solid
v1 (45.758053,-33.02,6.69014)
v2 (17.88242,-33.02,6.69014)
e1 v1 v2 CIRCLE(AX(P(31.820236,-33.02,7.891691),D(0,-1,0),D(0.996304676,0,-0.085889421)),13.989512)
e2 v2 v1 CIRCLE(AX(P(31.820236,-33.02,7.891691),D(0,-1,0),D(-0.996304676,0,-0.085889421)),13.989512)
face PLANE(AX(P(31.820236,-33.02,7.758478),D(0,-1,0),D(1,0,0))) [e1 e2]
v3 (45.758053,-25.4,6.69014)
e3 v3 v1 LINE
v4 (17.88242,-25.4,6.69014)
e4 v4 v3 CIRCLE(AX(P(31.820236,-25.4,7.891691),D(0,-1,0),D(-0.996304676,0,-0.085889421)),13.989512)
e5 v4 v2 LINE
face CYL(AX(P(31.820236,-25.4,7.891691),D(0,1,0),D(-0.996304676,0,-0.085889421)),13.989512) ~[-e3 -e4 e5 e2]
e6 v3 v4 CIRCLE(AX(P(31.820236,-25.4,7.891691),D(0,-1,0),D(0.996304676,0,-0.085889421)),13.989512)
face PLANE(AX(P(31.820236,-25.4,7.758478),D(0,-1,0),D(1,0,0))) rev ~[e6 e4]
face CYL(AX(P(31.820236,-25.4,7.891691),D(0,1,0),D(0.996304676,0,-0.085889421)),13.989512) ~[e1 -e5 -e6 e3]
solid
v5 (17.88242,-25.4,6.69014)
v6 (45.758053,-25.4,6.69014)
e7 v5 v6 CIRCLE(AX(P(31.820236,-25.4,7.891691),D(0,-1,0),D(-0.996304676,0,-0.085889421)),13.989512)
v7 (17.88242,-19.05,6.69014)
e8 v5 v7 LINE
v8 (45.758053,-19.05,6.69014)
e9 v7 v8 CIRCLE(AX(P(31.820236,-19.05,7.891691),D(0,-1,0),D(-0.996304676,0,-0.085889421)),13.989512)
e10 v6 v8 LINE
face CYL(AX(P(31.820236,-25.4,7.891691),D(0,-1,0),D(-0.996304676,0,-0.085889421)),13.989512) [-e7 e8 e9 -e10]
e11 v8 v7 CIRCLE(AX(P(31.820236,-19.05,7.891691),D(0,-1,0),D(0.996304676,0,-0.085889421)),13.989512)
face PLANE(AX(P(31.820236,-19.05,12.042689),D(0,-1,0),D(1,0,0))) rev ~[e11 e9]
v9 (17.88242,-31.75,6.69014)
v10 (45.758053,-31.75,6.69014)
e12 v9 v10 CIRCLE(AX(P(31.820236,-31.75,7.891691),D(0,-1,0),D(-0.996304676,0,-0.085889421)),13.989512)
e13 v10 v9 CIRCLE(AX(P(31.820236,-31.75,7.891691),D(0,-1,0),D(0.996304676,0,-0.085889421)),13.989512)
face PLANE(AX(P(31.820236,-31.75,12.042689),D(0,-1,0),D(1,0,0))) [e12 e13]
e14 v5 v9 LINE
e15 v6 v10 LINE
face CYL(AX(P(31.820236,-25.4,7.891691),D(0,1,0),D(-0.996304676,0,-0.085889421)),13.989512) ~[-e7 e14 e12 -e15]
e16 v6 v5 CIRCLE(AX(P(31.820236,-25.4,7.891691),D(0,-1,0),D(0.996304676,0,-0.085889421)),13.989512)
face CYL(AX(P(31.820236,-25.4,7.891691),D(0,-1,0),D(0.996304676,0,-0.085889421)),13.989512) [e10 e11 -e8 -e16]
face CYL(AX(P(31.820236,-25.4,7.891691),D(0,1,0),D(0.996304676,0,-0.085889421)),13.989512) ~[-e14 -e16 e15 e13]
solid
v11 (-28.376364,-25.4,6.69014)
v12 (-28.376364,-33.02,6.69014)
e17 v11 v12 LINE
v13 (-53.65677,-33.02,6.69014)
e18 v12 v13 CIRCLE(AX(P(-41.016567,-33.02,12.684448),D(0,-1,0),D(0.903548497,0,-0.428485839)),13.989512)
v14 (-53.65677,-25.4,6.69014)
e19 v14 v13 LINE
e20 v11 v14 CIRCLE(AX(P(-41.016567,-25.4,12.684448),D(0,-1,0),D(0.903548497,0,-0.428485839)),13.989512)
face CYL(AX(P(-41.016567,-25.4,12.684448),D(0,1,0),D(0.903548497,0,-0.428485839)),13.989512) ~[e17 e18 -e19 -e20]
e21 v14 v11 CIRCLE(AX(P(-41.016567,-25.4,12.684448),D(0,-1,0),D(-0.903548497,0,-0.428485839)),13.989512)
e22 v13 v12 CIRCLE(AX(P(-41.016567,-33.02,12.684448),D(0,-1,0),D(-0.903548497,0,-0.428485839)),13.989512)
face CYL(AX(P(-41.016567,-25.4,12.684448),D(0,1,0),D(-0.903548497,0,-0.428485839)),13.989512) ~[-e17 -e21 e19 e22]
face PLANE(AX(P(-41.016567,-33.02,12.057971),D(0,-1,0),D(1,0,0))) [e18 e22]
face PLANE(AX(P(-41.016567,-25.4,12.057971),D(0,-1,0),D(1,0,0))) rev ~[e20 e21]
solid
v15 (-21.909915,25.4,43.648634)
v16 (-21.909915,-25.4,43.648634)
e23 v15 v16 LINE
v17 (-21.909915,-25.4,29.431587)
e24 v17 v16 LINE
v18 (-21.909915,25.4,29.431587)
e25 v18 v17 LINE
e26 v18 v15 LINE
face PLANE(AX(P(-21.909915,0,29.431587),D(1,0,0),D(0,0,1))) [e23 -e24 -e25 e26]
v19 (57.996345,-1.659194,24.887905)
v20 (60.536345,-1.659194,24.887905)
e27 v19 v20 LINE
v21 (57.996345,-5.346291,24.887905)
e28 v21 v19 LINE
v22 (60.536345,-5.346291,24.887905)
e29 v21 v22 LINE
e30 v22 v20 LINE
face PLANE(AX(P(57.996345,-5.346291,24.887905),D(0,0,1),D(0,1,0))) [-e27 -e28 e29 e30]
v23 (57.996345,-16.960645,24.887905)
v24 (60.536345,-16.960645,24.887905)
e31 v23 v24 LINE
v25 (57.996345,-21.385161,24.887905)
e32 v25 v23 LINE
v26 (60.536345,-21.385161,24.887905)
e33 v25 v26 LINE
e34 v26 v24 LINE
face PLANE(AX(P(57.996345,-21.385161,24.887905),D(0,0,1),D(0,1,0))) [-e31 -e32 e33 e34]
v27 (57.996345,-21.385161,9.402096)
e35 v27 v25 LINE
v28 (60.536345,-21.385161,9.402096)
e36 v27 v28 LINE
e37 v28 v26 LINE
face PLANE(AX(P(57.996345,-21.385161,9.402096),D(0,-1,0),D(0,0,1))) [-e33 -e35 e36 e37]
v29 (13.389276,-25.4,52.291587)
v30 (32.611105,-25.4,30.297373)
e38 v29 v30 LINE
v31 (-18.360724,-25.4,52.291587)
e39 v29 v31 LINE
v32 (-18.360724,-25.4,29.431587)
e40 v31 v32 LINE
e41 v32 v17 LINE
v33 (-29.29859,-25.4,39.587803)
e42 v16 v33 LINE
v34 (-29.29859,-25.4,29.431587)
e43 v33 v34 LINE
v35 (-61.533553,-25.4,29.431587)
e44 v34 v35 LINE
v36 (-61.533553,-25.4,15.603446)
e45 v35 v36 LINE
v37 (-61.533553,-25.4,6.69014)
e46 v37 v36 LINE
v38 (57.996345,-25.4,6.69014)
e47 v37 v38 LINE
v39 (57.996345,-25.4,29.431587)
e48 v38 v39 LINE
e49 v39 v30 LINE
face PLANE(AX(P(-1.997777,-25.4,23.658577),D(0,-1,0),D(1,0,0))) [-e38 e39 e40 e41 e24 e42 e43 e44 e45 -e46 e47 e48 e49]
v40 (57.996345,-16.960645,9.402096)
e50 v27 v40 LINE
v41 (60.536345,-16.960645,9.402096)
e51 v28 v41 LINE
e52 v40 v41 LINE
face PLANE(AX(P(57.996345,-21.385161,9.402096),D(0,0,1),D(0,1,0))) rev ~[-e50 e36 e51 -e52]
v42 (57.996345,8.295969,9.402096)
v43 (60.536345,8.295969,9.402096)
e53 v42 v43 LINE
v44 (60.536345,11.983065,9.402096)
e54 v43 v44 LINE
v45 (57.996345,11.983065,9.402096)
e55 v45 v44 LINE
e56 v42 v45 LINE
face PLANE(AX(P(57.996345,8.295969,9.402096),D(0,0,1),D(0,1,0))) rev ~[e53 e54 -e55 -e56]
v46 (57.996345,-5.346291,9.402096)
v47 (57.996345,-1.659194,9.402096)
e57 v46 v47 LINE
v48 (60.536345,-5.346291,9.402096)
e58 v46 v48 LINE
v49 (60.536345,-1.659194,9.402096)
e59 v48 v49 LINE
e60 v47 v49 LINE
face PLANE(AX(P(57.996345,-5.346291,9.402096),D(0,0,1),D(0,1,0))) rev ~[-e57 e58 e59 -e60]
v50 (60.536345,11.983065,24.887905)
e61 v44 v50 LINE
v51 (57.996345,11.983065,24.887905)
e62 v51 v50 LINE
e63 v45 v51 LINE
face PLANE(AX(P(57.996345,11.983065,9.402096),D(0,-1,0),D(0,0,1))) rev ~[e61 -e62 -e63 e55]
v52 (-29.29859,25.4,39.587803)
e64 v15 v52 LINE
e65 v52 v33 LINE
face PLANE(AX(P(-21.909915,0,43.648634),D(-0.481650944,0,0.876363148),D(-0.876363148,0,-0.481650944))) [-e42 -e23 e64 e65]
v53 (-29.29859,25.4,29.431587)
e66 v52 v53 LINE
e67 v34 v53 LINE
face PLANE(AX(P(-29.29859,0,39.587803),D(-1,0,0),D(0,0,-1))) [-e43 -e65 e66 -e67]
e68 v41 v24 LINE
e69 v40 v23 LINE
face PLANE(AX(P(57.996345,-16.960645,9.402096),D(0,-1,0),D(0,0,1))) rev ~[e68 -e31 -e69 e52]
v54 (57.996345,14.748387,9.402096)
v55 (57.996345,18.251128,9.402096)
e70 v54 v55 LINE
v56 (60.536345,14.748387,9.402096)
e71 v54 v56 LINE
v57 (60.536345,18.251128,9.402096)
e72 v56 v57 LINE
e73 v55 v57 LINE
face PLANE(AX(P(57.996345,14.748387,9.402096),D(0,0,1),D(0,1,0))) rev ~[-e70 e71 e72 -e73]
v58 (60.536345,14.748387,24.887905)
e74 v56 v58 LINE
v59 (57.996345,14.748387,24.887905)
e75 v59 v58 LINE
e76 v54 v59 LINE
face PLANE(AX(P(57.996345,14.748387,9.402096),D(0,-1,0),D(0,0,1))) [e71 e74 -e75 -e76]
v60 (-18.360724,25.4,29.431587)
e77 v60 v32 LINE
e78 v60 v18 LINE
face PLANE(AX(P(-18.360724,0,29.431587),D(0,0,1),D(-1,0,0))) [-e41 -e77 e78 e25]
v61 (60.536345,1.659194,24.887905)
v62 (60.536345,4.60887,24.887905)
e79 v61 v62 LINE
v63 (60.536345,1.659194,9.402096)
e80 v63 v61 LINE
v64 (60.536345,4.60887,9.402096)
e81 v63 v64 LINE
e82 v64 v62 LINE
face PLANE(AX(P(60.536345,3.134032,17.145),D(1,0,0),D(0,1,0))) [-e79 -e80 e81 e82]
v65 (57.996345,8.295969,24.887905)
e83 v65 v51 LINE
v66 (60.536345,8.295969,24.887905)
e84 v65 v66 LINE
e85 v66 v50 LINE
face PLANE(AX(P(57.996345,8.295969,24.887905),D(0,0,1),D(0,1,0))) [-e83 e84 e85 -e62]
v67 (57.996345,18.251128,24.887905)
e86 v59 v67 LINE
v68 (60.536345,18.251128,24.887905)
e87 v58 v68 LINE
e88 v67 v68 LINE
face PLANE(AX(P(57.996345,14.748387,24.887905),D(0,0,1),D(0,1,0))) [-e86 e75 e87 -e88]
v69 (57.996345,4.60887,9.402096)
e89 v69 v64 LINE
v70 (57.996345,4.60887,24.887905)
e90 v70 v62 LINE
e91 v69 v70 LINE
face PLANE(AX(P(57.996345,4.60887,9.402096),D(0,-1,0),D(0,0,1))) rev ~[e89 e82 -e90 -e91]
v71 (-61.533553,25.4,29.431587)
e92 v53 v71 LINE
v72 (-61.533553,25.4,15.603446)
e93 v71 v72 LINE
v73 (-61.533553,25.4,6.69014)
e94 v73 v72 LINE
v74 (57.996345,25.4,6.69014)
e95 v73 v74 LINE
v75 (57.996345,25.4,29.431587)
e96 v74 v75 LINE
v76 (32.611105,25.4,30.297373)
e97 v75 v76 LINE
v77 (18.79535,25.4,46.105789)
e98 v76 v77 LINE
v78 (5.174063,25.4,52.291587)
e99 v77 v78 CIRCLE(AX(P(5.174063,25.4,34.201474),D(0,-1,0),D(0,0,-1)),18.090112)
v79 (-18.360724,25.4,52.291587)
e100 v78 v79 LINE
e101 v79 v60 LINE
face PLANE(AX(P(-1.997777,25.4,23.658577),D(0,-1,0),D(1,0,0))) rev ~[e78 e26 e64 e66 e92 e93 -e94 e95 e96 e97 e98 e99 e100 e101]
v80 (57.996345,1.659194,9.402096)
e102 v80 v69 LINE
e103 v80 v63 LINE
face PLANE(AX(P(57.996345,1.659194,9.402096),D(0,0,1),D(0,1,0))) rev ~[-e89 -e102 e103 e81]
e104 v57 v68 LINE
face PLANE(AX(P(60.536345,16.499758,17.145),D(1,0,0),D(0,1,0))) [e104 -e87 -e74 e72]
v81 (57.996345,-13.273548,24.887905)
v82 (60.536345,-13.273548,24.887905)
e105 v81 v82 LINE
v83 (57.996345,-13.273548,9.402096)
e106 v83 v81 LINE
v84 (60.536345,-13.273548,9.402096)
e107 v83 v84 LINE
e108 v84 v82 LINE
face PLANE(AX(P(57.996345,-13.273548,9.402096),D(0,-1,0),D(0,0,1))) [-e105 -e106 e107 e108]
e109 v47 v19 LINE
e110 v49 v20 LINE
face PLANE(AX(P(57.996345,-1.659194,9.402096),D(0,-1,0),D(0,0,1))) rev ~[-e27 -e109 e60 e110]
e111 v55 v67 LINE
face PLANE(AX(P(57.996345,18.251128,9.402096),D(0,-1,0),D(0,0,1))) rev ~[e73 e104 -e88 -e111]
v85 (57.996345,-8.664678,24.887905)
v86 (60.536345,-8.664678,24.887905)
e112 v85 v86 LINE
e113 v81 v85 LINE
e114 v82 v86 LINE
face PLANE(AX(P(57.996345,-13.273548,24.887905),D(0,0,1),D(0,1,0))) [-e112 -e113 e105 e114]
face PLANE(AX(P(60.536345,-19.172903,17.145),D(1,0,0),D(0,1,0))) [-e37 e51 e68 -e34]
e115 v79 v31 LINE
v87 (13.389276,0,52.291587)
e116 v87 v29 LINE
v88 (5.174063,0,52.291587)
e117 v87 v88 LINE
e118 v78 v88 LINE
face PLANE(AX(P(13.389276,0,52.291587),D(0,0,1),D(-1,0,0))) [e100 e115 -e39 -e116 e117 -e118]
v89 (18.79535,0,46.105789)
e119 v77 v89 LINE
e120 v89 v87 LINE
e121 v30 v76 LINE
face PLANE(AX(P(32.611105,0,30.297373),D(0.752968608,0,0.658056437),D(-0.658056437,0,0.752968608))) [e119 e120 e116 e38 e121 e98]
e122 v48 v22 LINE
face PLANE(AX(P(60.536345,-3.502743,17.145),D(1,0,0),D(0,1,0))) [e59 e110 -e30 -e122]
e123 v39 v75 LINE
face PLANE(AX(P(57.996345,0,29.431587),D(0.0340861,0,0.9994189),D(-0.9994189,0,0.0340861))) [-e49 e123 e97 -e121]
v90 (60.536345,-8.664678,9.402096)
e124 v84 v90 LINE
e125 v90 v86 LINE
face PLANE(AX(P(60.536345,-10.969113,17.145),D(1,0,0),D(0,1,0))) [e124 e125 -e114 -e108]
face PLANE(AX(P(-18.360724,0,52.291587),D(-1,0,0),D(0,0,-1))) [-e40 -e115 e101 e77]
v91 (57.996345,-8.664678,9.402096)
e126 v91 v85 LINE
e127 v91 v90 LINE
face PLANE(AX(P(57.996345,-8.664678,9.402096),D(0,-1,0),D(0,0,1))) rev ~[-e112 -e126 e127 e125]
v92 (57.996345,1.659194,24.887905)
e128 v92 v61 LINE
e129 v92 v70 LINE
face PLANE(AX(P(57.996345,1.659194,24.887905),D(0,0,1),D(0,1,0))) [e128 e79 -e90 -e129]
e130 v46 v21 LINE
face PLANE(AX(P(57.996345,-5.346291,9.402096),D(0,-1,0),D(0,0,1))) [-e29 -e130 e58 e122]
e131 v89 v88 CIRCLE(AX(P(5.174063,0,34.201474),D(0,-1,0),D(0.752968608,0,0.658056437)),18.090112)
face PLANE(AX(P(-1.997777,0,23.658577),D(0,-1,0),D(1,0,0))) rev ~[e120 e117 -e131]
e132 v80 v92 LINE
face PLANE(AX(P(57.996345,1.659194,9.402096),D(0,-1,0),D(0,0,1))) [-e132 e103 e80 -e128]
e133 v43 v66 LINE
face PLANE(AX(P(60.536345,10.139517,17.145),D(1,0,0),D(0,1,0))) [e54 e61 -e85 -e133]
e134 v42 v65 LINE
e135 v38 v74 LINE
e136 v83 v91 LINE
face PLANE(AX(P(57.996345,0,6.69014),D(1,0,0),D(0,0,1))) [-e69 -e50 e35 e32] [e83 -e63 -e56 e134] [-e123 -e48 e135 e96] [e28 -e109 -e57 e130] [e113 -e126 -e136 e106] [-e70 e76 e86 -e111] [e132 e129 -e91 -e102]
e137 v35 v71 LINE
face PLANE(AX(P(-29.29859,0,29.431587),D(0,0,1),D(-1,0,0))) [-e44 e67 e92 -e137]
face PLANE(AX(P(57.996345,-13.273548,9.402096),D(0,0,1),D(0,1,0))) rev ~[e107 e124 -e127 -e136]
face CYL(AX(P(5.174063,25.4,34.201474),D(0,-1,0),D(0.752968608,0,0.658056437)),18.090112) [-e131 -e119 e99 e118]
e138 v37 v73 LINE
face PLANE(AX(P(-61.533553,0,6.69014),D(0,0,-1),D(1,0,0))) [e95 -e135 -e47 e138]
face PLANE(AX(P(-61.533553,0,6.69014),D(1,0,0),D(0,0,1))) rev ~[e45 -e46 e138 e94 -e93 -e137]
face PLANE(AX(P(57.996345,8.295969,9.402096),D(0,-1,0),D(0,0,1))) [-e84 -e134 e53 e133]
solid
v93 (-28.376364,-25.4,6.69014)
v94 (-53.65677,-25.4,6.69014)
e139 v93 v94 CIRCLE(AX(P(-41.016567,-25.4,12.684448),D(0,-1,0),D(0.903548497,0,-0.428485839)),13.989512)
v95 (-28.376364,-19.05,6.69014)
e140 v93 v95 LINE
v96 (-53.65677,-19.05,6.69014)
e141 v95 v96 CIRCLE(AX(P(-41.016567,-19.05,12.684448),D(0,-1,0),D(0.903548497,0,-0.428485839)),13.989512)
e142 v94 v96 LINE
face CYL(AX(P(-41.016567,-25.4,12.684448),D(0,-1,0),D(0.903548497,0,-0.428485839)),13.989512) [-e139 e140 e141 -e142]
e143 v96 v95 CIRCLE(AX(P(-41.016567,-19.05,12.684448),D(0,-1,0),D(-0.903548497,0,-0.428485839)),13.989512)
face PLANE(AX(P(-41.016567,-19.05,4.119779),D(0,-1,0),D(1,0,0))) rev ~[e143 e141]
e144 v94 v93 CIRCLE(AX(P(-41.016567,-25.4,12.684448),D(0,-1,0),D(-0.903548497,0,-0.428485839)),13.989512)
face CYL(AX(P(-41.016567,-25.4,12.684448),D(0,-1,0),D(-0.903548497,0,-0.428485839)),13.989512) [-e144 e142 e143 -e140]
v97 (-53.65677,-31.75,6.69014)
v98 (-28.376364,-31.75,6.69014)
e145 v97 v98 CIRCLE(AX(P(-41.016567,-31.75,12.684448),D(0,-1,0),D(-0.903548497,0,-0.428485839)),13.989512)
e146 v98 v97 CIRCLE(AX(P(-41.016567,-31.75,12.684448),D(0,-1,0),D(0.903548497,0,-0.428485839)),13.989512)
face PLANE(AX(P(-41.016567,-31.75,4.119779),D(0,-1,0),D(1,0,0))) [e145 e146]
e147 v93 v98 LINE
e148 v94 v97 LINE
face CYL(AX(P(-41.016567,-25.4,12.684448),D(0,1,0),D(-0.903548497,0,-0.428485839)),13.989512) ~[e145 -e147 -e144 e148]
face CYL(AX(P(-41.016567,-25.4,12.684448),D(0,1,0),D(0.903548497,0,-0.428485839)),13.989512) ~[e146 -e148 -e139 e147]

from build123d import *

# Parameters (mm, degrees)
F0_W      = 6.5593134881
F0_H      = 8.9133062686
F1_DEPTH  = 25.4
F3_DEPTH  = 6.35
F4_R      = 18.0901122542
F5_W      = 4.4245161116
F5_H      = 15.4858082533
F5_W_2    = 4.6088704839
F5_W_3    = 3.6870974582
F5_W_4    = 2.9496757779
F5_W_5    = 3.6870958284
F5_W_6    = 3.502741456
F6_DEPTH  = 2.54
F7_DEPTH  = 25.4
F9_DEPTH  = 6.35
F10_DEPTH = 7.62


with BuildPart() as f1:
    # F0 (on Front) → F1 (new body, symmetric)
    with BuildSketch(Plane.XZ):
        Polygon((-54.9742393196, 6.6901401331), (-43.815, 6.6901401331), (-22.225, 6.6901401331), (22.225, 6.6901401331), (43.815, 6.6901401331), (57.996344903, 6.6901401331), (57.996344903, 21.7543058097), (57.996344903, 29.4315865307), (32.6111048418, 30.2973734773), (13.3892763085, 52.2915865307), (-18.3607236915, 52.2915865307), (-18.3607236915, 29.4315865307), (-21.9099149108, 29.4315865307), (-29.2985904962, 29.4315865307), (-61.5335528077, 29.4315865307), (-61.5335528077, 15.6034464017), (-54.9742393196, 15.6034464017), align=None)
        with Locations((-58.2538960636, 11.1467932674)):
            Rectangle(F0_W, F0_H)
        Polygon((-29.2985904962, 39.587803185), (-29.2985904962, 29.4315865307), (-21.9099149108, 29.4315865307), (-21.9099149108, 43.6486341059), align=None)
    extrude(amount=F1_DEPTH, both=True)

    # F2 (on face) → F3 (cut)
    with BuildSketch(Plane.XZ.offset(25.4)):
        Polygon((12.8608942032, 49.0364283323), (-14.8549089208, 49.0364283323), (-14.8549089208, 30.4625499994), (27.4568814784, 30.4625499994), align=None)
    extrude(amount=-F3_DEPTH, mode=Mode.SUBTRACT)

    # F4
    f4_edges = [f1.edges().sort_by_distance(p)[0] for p in [
        (13.389276, 0, 52.291587),
    ]]
    fillet(f4_edges, radius=F4_R)

    # F5 (on face) → F6 (join)
    with BuildSketch(Plane.YZ.offset(57.996344903)):
        with Locations((-19.1729031503, 17.1450003982)):
            Rectangle(F5_W, F5_H)
        with Locations((-10.9691130929, 17.1450003982)):
            Rectangle(F5_W_2, F5_H)
        with Locations((-3.5027425038, 17.1450003982)):
            Rectangle(F5_W_3, F5_H)
        with Locations((3.1340321293, 17.1450003982)):
            Rectangle(F5_W_4, F5_H)
        with Locations((10.1395170204, 17.1450003982)):
            Rectangle(F5_W_5, F5_H)
        with Locations((16.4997577667, 17.1450003982)):
            Rectangle(F5_W_6, F5_H)
    extrude(amount=F6_DEPTH)

    # F0 (on Front) → F7 (join)
    with BuildSketch(Plane.XZ):
        Polygon((-54.9742393196, 6.6901401331), (-43.815, 6.6901401331), (-22.225, 6.6901401331), (22.225, 6.6901401331), (43.815, 6.6901401331), (57.996344903, 6.6901401331), (57.996344903, 21.7543058097), (57.996344903, 29.4315865307), (32.6111048418, 30.2973734773), (13.3892763085, 52.2915865307), (-18.3607236915, 52.2915865307), (-18.3607236915, 29.4315865307), (-21.9099149108, 29.4315865307), (-29.2985904962, 29.4315865307), (-61.5335528077, 29.4315865307), (-61.5335528077, 15.6034464017), (-54.9742393196, 15.6034464017), align=None)
        with Locations((-58.2538960636, 11.1467932674)):
            Rectangle(F0_W, F0_H)
        Polygon((-29.2985904962, 39.587803185), (-29.2985904962, 29.4315865307), (-21.9099149108, 29.4315865307), (-21.9099149108, 43.6486341059), align=None)
    extrude(amount=F7_DEPTH)


with BuildPart() as f9:
    # F8 (on face) → F9 (new body, symmetric)
    with BuildSketch(Plane.XZ.offset(25.4)):
        with BuildLine():
            Line((-28.3763644468, 6.6901401331), (-53.6567698276, 6.6901401331))
            ThreePointArc((-53.6567698276, 6.6901401331), (-41.0165671372, -1.3050641796), (-28.3763644468, 6.6901401331))
        make_face()
        with BuildLine():
            ThreePointArc((-28.3763644468, 6.6901401331), (-41.0165671372, 26.6739601588), (-53.6567698276, 6.6901401331))
            Line((-53.6567698276, 6.6901401331), (-28.3763644468, 6.6901401331))
        make_face()
    extrude(amount=F9_DEPTH, both=True)


with BuildPart() as f9b:
    # F8 (on face) → F9, piece 2 (new body, symmetric)
    with BuildSketch(Plane.XZ.offset(25.4)):
        with BuildLine():
            ThreePointArc((45.7580525282, 6.6901401331), (31.8202361392, 21.8812033987), (17.8824197501, 6.6901401331))
            Line((17.8824197501, 6.6901401331), (45.7580525282, 6.6901401331))
        make_face()
        with BuildLine():
            Line((45.7580525282, 6.6901401331), (17.8824197501, 6.6901401331))
            ThreePointArc((17.8824197501, 6.6901401331), (31.8202361392, -6.0978209398), (45.7580525282, 6.6901401331))
        make_face()
    extrude(amount=F9_DEPTH, both=True)


with BuildPart() as f10:
    # F8 (on face) → F10 (new body)
    with BuildSketch(Plane.XZ.offset(25.4)):
        with BuildLine():
            ThreePointArc((-28.3763644468, 6.6901401331), (-41.0165671372, 26.6739601588), (-53.6567698276, 6.6901401331))
            ThreePointArc((-53.6567698276, 6.6901401331), (-41.0165671372, -1.3050641796), (-28.3763644468, 6.6901401331))
        make_face()
    extrude(amount=F10_DEPTH)


with BuildPart() as f10b:
    # F8 (on face) → F10, piece 2 (new body)
    with BuildSketch(Plane.XZ.offset(25.4)):
        with BuildLine():
            ThreePointArc((45.7580525282, 6.6901401331), (31.8202361392, 21.8812033987), (17.8824197501, 6.6901401331))
            ThreePointArc((17.8824197501, 6.6901401331), (31.8202361392, -6.0978209398), (45.7580525282, 6.6901401331))
        make_face()
    extrude(amount=F10_DEPTH)


solid = Compound([f1.part, f9.part, f9b.part, f10.part, f10b.part])
